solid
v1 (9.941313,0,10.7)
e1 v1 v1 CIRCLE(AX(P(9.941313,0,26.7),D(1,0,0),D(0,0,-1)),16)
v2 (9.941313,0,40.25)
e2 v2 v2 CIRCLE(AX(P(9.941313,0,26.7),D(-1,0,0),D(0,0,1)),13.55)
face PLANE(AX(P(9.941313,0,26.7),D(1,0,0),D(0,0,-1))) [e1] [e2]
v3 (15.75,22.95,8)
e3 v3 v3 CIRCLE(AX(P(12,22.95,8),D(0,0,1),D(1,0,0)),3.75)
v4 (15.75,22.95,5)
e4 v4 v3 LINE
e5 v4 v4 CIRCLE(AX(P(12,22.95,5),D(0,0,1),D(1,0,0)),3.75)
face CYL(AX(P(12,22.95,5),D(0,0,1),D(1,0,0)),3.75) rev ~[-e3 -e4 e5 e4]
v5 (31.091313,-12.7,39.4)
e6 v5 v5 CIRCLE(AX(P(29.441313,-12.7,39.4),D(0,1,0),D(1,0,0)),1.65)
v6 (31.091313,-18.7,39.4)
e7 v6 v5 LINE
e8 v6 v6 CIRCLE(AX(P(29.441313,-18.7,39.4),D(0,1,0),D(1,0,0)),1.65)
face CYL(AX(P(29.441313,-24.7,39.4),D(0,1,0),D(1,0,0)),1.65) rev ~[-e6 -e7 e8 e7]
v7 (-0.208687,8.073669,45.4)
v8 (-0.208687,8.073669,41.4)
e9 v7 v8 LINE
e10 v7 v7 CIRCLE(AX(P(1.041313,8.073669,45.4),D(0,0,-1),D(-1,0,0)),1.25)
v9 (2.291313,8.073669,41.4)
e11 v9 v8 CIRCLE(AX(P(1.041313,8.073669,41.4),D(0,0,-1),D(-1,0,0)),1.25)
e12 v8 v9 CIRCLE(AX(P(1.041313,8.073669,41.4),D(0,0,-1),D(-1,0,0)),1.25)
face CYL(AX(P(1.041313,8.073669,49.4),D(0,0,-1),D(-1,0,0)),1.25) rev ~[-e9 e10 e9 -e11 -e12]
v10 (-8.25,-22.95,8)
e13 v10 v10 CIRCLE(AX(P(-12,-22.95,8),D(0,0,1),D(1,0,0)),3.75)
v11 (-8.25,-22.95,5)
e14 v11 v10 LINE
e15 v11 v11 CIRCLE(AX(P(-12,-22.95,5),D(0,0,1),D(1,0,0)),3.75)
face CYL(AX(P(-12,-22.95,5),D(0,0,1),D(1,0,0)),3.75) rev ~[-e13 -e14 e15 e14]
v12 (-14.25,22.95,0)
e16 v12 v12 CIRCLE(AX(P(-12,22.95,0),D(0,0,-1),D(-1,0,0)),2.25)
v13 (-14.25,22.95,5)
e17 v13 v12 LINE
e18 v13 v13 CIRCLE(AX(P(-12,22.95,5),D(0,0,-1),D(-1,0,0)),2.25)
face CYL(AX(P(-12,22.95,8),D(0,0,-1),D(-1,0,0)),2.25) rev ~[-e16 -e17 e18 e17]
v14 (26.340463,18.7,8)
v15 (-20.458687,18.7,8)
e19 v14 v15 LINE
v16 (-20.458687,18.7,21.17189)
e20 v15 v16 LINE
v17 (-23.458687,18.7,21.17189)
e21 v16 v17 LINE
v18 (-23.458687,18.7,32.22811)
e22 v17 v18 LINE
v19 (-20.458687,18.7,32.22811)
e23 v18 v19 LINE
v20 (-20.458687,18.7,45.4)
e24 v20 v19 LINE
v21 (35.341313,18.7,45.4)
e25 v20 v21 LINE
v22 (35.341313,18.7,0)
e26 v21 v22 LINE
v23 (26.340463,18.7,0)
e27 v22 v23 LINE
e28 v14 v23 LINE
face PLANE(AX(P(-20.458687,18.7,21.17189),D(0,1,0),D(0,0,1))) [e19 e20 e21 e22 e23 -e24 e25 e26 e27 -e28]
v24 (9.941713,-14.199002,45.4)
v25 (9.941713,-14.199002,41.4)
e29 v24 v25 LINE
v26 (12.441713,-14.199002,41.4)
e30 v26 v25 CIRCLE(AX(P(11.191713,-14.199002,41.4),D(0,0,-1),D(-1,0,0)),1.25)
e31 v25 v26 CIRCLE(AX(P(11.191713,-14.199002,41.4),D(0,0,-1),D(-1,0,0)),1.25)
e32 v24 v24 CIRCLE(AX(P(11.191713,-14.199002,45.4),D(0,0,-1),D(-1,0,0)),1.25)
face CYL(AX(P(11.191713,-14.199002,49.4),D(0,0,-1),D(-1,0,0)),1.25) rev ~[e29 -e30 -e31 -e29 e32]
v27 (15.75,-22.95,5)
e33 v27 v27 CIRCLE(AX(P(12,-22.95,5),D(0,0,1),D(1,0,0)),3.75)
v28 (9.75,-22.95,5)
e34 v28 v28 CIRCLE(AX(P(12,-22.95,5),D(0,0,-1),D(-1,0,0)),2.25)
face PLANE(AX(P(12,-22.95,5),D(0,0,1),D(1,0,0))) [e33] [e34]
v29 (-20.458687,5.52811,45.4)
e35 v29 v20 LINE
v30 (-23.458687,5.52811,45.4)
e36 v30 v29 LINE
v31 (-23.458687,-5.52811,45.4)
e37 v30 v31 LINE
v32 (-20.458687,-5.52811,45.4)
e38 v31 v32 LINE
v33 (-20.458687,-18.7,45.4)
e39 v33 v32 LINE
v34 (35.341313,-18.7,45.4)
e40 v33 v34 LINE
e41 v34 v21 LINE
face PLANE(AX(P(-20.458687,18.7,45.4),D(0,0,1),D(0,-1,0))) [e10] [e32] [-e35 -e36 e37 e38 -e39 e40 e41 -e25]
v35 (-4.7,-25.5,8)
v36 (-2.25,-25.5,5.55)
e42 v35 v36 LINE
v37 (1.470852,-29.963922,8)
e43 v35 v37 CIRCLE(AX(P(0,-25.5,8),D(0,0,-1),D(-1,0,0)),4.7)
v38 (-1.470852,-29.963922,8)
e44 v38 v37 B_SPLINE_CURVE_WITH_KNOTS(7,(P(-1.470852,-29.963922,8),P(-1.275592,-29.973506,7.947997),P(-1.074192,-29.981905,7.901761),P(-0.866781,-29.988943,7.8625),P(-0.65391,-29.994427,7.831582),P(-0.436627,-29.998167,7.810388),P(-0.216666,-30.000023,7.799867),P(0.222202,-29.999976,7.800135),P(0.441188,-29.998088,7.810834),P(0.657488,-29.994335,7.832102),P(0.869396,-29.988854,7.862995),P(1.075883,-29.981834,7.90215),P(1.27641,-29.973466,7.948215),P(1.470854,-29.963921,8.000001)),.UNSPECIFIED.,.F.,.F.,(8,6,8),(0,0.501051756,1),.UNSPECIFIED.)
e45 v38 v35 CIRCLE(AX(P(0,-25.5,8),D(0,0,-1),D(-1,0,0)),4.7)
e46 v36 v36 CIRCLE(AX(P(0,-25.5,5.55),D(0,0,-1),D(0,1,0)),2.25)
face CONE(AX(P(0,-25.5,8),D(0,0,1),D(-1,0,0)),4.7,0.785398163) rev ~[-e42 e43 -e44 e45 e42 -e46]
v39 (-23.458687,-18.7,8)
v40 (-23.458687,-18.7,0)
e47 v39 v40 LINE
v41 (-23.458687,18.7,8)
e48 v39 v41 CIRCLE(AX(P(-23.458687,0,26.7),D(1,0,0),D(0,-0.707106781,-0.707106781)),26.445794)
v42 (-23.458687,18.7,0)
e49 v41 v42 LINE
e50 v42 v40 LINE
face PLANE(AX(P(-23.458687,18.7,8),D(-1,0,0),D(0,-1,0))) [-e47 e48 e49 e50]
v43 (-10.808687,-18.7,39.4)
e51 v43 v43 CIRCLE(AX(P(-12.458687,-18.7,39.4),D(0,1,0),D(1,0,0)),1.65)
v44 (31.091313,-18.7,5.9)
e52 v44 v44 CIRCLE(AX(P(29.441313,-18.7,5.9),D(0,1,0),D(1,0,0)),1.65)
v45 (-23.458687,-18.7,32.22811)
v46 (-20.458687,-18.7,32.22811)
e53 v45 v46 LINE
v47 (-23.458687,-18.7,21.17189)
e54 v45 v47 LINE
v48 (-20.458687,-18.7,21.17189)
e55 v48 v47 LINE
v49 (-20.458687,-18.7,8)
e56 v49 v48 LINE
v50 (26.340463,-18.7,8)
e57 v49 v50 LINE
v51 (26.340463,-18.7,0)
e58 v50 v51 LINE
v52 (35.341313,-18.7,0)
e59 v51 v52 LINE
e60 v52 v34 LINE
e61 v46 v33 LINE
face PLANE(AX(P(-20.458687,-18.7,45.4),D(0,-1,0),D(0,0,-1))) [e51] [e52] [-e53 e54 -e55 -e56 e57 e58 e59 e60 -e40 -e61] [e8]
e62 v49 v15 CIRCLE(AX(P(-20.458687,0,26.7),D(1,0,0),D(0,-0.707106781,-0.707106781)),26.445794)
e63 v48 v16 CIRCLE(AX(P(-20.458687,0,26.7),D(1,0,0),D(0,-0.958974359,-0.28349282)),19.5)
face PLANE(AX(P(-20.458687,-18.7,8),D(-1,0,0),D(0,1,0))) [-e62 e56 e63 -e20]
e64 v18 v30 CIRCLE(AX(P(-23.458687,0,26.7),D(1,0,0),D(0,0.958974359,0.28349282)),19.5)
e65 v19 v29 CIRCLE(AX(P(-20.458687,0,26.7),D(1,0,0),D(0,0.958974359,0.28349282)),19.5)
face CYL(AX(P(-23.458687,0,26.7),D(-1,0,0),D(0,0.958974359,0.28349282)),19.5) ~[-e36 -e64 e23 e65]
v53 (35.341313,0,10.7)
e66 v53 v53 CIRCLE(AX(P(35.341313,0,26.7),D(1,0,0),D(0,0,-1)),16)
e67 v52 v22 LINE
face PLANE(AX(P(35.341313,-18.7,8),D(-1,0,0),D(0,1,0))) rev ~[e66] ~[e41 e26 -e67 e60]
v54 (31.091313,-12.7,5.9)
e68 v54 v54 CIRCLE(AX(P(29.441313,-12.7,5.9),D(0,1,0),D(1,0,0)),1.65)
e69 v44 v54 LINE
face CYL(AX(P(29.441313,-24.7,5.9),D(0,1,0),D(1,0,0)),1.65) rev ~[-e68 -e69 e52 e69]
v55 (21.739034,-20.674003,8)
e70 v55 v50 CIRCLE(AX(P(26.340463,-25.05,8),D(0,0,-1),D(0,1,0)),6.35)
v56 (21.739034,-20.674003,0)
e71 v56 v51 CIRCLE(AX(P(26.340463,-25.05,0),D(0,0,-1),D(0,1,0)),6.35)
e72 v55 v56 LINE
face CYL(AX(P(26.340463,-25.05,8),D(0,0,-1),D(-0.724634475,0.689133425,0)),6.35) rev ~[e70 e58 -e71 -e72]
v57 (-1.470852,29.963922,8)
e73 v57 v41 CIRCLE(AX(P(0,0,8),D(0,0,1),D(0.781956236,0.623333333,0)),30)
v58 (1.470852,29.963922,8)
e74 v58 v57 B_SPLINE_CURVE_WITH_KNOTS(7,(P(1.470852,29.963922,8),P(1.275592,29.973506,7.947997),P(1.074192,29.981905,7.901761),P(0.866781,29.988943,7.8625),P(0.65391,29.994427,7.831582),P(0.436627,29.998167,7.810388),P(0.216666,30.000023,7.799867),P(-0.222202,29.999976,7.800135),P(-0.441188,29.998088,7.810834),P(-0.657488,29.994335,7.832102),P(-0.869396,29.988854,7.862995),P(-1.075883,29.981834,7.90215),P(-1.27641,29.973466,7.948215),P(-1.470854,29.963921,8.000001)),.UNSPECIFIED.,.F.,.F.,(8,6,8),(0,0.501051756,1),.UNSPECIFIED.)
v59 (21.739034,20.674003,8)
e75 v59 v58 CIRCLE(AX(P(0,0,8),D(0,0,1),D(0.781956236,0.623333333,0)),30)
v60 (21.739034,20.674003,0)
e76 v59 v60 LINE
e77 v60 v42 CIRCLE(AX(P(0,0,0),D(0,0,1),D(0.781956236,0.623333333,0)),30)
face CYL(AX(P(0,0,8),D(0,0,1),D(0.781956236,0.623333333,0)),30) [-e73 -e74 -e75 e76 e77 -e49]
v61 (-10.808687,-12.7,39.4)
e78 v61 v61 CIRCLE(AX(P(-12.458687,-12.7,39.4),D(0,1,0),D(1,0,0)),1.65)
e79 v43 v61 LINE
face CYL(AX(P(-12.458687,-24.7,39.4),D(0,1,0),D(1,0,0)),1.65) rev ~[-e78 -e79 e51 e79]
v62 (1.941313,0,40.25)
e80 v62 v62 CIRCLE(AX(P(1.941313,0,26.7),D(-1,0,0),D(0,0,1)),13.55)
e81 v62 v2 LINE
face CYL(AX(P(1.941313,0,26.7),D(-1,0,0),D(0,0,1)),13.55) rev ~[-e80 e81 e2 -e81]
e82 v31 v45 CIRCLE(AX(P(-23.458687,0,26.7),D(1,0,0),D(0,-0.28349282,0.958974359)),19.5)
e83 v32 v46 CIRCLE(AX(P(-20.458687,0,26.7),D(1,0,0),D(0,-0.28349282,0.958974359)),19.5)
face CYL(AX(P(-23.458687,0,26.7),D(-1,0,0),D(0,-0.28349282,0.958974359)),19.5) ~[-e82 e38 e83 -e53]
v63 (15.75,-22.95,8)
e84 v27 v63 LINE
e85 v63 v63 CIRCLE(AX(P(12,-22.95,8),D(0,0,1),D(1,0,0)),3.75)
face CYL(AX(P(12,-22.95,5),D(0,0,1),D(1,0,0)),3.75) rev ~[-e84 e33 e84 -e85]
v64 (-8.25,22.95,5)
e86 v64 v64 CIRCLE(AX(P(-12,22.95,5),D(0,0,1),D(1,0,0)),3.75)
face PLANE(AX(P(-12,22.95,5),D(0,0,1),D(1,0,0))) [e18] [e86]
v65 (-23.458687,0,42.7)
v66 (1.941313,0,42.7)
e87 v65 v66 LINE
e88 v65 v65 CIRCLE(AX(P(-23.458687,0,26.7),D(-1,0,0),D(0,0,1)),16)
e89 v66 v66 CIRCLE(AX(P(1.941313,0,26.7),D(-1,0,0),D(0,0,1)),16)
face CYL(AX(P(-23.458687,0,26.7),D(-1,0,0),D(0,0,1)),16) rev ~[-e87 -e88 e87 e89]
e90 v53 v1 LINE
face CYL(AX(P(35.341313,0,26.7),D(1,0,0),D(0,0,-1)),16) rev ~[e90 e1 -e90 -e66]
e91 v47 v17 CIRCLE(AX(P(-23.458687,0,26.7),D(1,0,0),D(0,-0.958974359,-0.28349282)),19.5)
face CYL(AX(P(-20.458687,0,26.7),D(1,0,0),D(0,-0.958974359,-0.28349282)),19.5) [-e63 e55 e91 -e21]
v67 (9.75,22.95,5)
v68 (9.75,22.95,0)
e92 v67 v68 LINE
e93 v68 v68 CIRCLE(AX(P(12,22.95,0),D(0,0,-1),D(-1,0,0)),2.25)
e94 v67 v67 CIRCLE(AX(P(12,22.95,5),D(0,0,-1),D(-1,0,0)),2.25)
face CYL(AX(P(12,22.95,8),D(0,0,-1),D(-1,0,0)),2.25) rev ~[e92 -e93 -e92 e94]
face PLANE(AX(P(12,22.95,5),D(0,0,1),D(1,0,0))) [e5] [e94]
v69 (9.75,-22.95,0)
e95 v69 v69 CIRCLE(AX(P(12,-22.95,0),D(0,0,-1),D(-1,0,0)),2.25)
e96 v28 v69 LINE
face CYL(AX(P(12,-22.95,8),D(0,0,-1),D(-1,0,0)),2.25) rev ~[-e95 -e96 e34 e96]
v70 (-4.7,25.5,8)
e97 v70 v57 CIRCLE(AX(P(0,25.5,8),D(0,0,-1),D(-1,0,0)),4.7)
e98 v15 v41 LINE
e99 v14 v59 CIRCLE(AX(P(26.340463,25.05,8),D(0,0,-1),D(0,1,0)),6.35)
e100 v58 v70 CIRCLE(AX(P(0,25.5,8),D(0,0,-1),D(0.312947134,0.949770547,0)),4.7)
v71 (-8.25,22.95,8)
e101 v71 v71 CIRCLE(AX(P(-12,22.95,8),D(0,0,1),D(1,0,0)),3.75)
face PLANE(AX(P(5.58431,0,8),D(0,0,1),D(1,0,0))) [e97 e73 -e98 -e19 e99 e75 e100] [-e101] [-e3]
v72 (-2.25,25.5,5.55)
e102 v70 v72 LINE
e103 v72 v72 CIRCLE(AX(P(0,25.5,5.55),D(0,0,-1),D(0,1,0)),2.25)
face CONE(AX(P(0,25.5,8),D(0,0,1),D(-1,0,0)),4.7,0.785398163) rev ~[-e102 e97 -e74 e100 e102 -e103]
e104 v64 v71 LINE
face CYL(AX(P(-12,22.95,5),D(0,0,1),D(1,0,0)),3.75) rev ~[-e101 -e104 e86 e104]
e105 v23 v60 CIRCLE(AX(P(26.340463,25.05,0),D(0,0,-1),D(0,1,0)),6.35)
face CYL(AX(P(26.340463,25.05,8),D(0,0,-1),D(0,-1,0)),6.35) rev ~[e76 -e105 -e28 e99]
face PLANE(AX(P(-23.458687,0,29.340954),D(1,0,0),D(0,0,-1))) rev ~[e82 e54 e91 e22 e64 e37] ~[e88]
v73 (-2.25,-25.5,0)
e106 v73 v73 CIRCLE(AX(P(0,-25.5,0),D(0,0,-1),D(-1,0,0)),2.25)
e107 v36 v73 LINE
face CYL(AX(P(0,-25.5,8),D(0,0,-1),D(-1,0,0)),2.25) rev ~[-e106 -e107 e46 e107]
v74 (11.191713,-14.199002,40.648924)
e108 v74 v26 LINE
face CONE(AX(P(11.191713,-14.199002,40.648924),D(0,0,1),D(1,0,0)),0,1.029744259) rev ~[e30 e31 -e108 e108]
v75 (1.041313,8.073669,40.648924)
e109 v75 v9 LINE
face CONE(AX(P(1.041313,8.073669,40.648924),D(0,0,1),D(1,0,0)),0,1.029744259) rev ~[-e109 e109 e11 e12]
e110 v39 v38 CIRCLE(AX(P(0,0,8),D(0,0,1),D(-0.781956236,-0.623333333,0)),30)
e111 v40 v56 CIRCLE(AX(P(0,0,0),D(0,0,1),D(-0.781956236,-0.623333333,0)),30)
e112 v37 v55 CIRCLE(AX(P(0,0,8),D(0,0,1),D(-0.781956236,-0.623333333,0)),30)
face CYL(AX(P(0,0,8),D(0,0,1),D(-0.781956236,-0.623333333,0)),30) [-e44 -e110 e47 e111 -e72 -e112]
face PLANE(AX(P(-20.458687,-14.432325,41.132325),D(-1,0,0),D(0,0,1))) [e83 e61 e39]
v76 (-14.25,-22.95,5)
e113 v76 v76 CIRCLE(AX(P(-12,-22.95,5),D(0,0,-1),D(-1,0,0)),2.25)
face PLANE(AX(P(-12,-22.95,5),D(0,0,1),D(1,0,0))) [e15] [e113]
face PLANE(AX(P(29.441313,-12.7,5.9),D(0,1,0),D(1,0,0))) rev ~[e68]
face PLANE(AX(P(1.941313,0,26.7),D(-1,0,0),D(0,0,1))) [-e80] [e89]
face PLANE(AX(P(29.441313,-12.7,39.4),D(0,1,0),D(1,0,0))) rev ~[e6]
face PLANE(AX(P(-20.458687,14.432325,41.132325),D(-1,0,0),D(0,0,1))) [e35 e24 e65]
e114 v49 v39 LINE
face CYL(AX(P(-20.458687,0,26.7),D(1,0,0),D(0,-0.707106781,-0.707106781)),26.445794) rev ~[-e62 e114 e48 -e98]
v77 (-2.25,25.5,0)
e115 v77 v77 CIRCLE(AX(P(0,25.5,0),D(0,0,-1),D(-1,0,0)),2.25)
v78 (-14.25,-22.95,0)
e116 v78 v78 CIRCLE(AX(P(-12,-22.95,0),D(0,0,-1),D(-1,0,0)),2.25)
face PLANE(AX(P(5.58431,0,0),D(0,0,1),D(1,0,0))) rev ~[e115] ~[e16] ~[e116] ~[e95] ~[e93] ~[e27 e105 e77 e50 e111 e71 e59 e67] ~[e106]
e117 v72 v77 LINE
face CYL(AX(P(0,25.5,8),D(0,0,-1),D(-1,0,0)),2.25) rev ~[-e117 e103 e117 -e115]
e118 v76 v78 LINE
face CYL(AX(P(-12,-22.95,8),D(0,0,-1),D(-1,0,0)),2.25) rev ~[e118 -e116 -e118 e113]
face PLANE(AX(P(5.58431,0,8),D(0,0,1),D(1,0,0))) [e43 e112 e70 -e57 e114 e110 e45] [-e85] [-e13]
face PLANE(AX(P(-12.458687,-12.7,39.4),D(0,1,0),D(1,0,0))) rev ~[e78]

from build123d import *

# Parameters (mm, degrees)
BOSS_EXTRUDE1_DEPTH                                 = 8
CUT_EXTRUDE1_REACH                                  = 5
SKETCH4_W                                           = 55.8
SKETCH4_H                                           = 37.4
BOSS_EXTRUDE2_DEPTH                                 = 37.4
BOSS_EXTRUDE3_DEPTH                                 = 3
CUT_EXTRUDE2_DEPTH                                  = 3
CUT_EXTRUDE3_DEPTH                                  = 3
CSK_FOR_8_FLAT_HEAD_MACHINE_SCREW_100_D             = 4.5
CSK_FOR_8_FLAT_HEAD_MACHINE_SCREW_100_DEPTH         = 8
CSK_FOR_8_FLAT_HEAD_MACHINE_SCREW_100_CSINK_D       = 9.4
CSK_FOR_8_FLAT_HEAD_MACHINE_SCREW_100_CSINK_ANGLE   = 90
F_4_CLEARANCE_HOLE1_D                               = 3.3
F_4_CLEARANCE_HOLE1_DEPTH                           = 6
CBORE_FOR_8_BINDING_HEAD_MACHINE_SCREW1_D           = 4.5
CBORE_FOR_8_BINDING_HEAD_MACHINE_SCREW1_DEPTH       = 8
CBORE_FOR_8_BINDING_HEAD_MACHINE_SCREW1_CBORE_D     = 7.5
CBORE_FOR_8_BINDING_HEAD_MACHINE_SCREW1_CBORE_DEPTH = 3
FILLET1_R                                           = 6.35
M3X0_5_TAPPED_HOLE1_D                               = 2.5
M3X0_5_TAPPED_HOLE1_DEPTH                           = 4
M3X0_5_TAPPED_HOLE1_TIP                             = 0.751075774
FILLET2_R                                           = 6.35
SKETCH_1_R                                          = 16
CUT_EXTRUDE_1_DEPTH                                 = 25.4
SKETCH_2_R                                          = 16
CUT_EXTRUDE_2_DEPTH                                 = 25.4
SKETCH_3_R                                          = 13.55
CUT_EXTRUDE_3_DEPTH                                 = 10


with BuildPart() as part:
    # Sketch1 → Boss-Extrude1 (new body)
    with BuildSketch(Plane.XY.offset(8)):
        with BuildLine():
            Line((-23.45868709, 18.7), (-23.45868709, -18.7))
            ThreePointArc((-23.45868709, -18.7), (0, -30), (23.45868709, -18.7))
            Line((23.45868709, -18.7), (35.34131291, -18.7))
            Line((35.34131291, -18.7), (35.34131291, 18.7))
            Line((35.34131291, 18.7), (23.45868709, 18.7))
            ThreePointArc((23.45868709, 18.7), (0, 30), (-23.45868709, 18.7))
        make_face()
    extrude(amount=-BOSS_EXTRUDE1_DEPTH)

    # Sketch3 → Cut-Extrude1 (cut, up to next)
    with BuildSketch(Plane(origin=(-20.45868709, 0, 0), x_dir=(0, 0, -1), z_dir=(1, 0, 0)), mode=Mode.PRIVATE) as cut_extrude1_sk1:
        with BuildLine():
            Line((-8, 18.7), (-8, -18.7))
            ThreePointArc((-8, -18.7), (-0.254206384, 0), (-8, 18.7))
        make_face()
    cut_extrude1_tool1 = extrude(cut_extrude1_sk1.sketch, amount=-CUT_EXTRUDE1_REACH, mode=Mode.PRIVATE) & part.part
    add(cut_extrude1_tool1.solids().sort_by_distance((-20.458687, 0, 4.859168))[0], mode=Mode.SUBTRACT)

    # Sketch4 → Boss-Extrude2 (add)
    with BuildSketch(Plane.XY.offset(8)):
        with Locations((7.44131291, 0)):
            Rectangle(SKETCH4_W, SKETCH4_H)
    extrude(amount=BOSS_EXTRUDE2_DEPTH)

    # Sketch5 → Boss-Extrude3 (add)
    with BuildSketch(Plane.ZY.offset(20.45868709)):
        with BuildLine():
            Line((21.171890016, 18.7), (45.4, 18.7))
            Line((45.4, 18.7), (45.4, -18.7))
            Line((45.4, -18.7), (21.171890016, -18.7))
            ThreePointArc((21.171890016, -18.7), (7.2, 0), (21.171890016, 18.7))
        make_face()
    extrude(amount=BOSS_EXTRUDE3_DEPTH)

    # Sketch6 → Cut-Extrude2 (cut)
    with BuildSketch(Plane.ZY.offset(23.45868709)):
        with BuildLine():
            Line((45.4, -18.7), (45.4, -5.528109984))
            ThreePointArc((45.4, -5.528109984), (40.488582233, -13.788582233), (32.228109984, -18.7))
            Line((32.228109984, -18.7), (45.4, -18.7))
        make_face()
    extrude(amount=-CUT_EXTRUDE2_DEPTH, mode=Mode.SUBTRACT)

    # Sketch7 → Cut-Extrude3 (cut)
    with BuildSketch(Plane.ZY.offset(23.45868709)):
        with BuildLine():
            Line((45.4, 18.7), (32.228109984, 18.7))
            ThreePointArc((32.228109984, 18.7), (40.488582233, 13.788582233), (45.4, 5.528109984))
            Line((45.4, 5.528109984), (45.4, 18.7))
        make_face()
    extrude(amount=-CUT_EXTRUDE3_DEPTH, mode=Mode.SUBTRACT)

    # Sketch8 → Cut-Revolve1 (revolve, cut)
    with BuildSketch(Plane.XY.offset(26.7)):
        Polygon((-23.45868709, 15.86865), (-23.45868709, 0), (35.34131291, 0), (35.34131291, 15.86865), (9.94131291, 15.86865), (9.94131291, 13.5), (1.94131291, 13.5), (1.94131291, 15.86865), align=None)
    revolve(axis=Axis((-23.45868709, 0, 26.7), (1, 0, 0)), mode=Mode.SUBTRACT)

    # CSK for #8 Flat Head Machine Screw (100)1
    with Locations(Plane.XY.offset(8)):
        with Locations((0, 25.5), (0, -25.5)):
            CounterSinkHole(CSK_FOR_8_FLAT_HEAD_MACHINE_SCREW_100_D / 2, CSK_FOR_8_FLAT_HEAD_MACHINE_SCREW_100_CSINK_D / 2, depth=CSK_FOR_8_FLAT_HEAD_MACHINE_SCREW_100_DEPTH, counter_sink_angle=CSK_FOR_8_FLAT_HEAD_MACHINE_SCREW_100_CSINK_ANGLE)

    # #4 Clearance Hole1
    with Locations(Plane(origin=(0, -18.7, 0), x_dir=(-1, 0, 0), z_dir=(0, -1, 0))):
        with Locations((12.45868709, -39.4), (-29.44131291, -39.4), (-29.44131291, -5.9)):
            Hole(F_4_CLEARANCE_HOLE1_D / 2, depth=F_4_CLEARANCE_HOLE1_DEPTH)

    # CBORE for #8 Binding Head Machine Screw1
    with Locations(Plane.XY.offset(8)):
        with Locations((12, 22.95), (-12, 22.95), (-12, -22.95), (12, -22.95)):
            CounterBoreHole(CBORE_FOR_8_BINDING_HEAD_MACHINE_SCREW1_D / 2, CBORE_FOR_8_BINDING_HEAD_MACHINE_SCREW1_CBORE_D / 2, CBORE_FOR_8_BINDING_HEAD_MACHINE_SCREW1_CBORE_DEPTH, depth=CBORE_FOR_8_BINDING_HEAD_MACHINE_SCREW1_DEPTH)

    # Fillet1
    fillet1_edges = [part.edges().sort_by_distance(p)[0] for p in [
        (23.45868709, 18.7, 4),
    ]]
    fillet(fillet1_edges, radius=FILLET1_R)

    # M3x0.5 Tapped Hole1
    with Locations(Plane(origin=(1.04131291, 8.07366885, 45.4), x_dir=(1, 0, 0), z_dir=(0, 0, 1))):
        with Locations((0, 0), (10.150400418, -22.272670952)):
            Hole(M3X0_5_TAPPED_HOLE1_D / 2, depth=M3X0_5_TAPPED_HOLE1_DEPTH)
            with Locations((0, 0, -(M3X0_5_TAPPED_HOLE1_DEPTH + M3X0_5_TAPPED_HOLE1_TIP / 2))):  # 118° drill point
                Cone(0, M3X0_5_TAPPED_HOLE1_D / 2, M3X0_5_TAPPED_HOLE1_TIP, mode=Mode.SUBTRACT)

    # Fillet2
    fillet2_edges = [part.edges().sort_by_distance(p)[0] for p in [
        (23.45868709, -18.7, 4),
    ]]
    fillet(fillet2_edges, radius=FILLET2_R)

    # 草图1 → 切除-拉伸1 (cut)
    with BuildSketch(Plane(origin=(35.34131291, 0, 0), x_dir=(0, 0, -1), z_dir=(1, 0, 0))):
        with Locations((-26.7, 0)):
            Circle(SKETCH_1_R)
    extrude(amount=-CUT_EXTRUDE_1_DEPTH, mode=Mode.SUBTRACT)

    # 草图2 → 切除-拉伸2 (cut)
    with BuildSketch(Plane.ZY.offset(23.45868709)):
        with Locations((26.7, 0)):
            Circle(SKETCH_2_R)
    extrude(amount=-CUT_EXTRUDE_2_DEPTH, mode=Mode.SUBTRACT)

    # 草图3 → 切除-拉伸3 (cut)
    with BuildSketch(Plane.ZY.offset(-1.94131291)):
        with Locations((26.7, 0)):
            Circle(SKETCH_3_R)
    extrude(amount=-CUT_EXTRUDE_3_DEPTH, mode=Mode.SUBTRACT)


solid = part.part
